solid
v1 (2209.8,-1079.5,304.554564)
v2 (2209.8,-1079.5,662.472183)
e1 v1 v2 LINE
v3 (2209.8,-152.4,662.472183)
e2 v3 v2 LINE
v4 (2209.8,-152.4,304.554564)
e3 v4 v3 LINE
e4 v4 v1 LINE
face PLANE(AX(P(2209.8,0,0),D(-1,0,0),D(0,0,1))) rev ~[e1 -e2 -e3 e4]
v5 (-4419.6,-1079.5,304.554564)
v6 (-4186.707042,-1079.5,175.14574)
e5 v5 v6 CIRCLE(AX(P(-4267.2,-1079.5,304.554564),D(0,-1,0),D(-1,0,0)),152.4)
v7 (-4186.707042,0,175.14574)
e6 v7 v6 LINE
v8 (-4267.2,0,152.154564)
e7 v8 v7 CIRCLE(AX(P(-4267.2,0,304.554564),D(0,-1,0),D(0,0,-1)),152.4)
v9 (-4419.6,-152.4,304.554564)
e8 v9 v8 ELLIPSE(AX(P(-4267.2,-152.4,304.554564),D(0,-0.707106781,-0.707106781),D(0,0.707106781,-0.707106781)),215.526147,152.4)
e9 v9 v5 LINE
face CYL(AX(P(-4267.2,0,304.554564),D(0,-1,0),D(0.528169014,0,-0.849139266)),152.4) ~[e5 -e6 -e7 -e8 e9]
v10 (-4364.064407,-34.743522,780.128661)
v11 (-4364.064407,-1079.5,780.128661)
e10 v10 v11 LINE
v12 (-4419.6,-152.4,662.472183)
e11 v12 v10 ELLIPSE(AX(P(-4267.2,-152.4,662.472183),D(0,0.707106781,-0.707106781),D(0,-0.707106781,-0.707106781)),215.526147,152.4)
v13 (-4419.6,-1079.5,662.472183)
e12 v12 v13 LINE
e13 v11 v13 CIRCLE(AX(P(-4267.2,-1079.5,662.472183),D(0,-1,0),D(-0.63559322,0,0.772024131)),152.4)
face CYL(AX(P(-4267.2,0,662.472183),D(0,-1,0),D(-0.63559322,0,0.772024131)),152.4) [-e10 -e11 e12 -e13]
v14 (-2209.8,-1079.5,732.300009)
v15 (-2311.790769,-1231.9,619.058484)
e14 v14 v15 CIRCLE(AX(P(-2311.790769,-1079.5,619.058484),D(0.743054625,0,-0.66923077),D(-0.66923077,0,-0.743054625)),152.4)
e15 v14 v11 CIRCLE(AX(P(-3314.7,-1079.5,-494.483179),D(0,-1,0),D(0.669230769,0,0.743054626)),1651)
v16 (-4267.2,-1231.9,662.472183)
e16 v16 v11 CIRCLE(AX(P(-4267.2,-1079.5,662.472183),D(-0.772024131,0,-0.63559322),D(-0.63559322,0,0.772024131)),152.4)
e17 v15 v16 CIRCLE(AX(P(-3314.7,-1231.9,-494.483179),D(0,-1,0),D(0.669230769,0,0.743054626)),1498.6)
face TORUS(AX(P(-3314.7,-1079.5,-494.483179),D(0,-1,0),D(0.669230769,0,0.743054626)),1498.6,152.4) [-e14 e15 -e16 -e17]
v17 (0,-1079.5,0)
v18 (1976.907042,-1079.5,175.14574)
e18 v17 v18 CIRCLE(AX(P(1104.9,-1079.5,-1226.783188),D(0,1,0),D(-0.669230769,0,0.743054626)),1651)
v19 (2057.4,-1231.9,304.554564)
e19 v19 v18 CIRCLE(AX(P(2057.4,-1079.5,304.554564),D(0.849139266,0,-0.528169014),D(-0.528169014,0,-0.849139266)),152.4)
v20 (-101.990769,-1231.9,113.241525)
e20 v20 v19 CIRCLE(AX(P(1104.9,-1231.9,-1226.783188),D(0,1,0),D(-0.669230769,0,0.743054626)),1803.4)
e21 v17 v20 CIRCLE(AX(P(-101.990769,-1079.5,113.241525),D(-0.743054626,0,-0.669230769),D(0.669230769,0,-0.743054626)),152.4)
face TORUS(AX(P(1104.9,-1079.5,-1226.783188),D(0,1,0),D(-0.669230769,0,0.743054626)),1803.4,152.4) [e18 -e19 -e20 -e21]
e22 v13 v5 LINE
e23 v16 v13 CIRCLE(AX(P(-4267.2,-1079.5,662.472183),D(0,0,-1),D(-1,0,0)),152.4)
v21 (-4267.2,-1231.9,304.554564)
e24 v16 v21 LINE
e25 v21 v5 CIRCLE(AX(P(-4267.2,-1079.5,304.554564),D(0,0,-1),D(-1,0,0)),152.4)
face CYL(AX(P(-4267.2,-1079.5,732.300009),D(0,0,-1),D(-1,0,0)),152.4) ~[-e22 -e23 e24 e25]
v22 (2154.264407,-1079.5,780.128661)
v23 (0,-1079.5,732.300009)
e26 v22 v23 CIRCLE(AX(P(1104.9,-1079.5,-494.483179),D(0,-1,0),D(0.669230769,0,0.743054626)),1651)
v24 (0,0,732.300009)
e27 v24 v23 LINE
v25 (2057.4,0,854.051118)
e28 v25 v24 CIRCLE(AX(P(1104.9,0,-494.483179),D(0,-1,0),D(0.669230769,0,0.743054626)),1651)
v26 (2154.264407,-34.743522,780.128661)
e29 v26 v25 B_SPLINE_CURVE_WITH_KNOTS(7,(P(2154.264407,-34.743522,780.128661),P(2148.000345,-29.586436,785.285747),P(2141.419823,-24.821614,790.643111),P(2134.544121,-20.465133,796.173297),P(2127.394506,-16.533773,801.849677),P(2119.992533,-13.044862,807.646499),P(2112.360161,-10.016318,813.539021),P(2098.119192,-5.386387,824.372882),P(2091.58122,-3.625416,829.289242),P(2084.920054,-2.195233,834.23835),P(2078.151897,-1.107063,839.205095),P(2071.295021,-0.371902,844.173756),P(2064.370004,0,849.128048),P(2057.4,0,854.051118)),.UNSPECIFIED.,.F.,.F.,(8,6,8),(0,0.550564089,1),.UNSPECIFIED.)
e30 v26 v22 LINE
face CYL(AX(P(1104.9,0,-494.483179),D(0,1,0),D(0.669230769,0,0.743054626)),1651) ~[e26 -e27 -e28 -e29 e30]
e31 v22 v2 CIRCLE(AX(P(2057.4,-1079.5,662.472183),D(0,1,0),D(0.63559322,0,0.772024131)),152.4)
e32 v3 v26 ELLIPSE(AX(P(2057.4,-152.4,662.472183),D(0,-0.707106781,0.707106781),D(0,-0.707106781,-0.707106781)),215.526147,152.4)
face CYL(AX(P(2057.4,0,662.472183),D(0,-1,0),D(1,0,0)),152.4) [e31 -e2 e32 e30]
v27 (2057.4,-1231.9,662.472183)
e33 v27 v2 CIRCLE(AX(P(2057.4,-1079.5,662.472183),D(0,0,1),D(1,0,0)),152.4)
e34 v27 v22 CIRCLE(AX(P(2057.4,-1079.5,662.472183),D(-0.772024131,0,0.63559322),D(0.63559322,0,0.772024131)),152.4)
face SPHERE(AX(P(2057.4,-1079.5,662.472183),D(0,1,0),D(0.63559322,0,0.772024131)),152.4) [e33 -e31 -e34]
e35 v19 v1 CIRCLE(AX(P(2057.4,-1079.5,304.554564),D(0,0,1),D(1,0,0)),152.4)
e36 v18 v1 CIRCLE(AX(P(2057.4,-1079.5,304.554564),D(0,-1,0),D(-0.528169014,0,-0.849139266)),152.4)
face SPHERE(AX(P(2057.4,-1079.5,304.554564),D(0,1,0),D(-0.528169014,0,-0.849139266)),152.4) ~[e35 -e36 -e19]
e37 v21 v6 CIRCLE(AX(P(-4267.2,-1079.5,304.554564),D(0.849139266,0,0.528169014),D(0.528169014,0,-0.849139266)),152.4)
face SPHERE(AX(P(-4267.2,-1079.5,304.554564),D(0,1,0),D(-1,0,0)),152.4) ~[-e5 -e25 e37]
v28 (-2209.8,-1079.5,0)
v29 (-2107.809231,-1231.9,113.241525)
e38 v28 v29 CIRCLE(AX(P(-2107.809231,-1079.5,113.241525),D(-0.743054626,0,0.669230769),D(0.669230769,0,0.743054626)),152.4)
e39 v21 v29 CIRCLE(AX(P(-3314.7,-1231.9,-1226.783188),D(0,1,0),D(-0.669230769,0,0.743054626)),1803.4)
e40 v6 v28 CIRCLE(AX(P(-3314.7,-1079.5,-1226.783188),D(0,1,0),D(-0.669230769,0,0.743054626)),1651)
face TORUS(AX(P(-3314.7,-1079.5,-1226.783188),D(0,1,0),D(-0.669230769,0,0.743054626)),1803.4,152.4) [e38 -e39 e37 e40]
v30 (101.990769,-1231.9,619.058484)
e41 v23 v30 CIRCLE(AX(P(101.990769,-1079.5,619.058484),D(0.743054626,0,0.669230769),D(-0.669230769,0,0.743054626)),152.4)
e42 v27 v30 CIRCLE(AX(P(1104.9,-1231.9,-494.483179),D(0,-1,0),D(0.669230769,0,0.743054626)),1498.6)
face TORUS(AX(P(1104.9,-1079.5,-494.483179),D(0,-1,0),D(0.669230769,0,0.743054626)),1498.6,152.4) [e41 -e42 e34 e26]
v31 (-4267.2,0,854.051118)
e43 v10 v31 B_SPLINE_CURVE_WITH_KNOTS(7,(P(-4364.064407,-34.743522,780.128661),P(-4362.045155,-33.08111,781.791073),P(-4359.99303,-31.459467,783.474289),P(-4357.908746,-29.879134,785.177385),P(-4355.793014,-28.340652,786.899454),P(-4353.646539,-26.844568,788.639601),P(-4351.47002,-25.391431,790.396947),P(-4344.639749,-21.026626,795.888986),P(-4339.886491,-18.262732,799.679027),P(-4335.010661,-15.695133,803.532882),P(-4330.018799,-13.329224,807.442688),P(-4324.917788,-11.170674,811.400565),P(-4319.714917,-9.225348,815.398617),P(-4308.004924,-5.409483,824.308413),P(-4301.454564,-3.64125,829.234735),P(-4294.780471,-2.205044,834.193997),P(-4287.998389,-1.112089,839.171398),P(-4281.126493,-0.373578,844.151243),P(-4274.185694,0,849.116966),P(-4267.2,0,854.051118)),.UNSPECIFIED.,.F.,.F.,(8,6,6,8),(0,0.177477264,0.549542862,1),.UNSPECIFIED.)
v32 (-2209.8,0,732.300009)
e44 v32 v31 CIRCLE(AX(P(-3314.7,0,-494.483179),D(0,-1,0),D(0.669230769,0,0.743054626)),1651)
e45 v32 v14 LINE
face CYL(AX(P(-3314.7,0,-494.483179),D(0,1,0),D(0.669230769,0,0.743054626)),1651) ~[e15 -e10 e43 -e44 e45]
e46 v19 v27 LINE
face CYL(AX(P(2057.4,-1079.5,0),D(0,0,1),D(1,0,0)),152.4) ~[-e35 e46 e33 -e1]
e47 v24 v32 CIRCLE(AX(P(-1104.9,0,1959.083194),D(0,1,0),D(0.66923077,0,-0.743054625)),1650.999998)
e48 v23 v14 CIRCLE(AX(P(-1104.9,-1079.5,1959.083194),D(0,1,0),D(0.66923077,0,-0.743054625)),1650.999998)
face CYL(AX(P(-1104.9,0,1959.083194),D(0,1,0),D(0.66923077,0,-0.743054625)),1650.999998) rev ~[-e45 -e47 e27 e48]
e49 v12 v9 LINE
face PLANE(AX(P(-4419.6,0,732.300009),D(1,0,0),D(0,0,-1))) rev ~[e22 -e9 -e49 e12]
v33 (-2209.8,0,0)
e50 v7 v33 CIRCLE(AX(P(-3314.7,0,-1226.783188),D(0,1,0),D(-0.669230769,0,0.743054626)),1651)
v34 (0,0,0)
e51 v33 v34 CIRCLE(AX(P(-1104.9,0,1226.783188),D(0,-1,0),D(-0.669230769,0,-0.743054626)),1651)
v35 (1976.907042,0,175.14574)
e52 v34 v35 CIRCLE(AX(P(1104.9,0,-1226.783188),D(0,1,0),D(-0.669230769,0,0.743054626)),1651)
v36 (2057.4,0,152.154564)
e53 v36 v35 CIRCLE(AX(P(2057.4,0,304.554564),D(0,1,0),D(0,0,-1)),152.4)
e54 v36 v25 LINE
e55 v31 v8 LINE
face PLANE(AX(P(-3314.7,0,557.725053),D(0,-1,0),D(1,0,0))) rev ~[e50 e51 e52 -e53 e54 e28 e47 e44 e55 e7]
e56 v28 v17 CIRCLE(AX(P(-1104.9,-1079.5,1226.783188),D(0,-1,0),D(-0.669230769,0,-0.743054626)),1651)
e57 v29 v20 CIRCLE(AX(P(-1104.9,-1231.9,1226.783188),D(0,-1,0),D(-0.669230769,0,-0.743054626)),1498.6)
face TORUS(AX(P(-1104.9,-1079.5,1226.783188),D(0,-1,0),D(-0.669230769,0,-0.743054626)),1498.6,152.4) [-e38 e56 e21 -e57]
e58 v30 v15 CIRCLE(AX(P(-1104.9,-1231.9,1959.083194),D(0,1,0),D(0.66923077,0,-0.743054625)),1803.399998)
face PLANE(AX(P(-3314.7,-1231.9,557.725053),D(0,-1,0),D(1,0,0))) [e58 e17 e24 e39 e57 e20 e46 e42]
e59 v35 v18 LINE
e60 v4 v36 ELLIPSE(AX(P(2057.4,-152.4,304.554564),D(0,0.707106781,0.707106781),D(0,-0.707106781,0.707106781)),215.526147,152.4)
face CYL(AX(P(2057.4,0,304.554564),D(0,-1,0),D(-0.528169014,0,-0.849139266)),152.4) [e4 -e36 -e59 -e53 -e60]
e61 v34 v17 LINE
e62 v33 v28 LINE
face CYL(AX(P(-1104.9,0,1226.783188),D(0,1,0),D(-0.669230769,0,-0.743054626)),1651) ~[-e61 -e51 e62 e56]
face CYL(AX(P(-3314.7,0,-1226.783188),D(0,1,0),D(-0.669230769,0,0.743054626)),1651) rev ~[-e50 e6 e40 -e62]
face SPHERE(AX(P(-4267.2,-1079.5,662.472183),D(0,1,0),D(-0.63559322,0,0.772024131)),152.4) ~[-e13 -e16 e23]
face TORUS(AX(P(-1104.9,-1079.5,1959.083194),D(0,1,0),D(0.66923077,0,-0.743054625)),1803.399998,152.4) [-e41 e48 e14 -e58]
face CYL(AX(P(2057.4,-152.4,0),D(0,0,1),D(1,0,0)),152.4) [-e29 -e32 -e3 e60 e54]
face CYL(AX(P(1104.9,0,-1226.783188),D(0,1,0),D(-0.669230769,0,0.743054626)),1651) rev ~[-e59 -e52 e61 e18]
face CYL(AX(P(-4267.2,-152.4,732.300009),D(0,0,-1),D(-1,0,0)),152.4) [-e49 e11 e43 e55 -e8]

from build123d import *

# Parameters (mm, degrees)
F1_DEPTH = 1231.9
F2_R     = 152.4


with BuildPart() as f1:
    # F0 (on Front) → F1 (new body)
    with BuildSketch(Plane.XZ):
        with BuildLine():
            ThreePointArc((-4419.6, 0), (-3314.7, 424.216812), (-2209.8, 0))
            Line((-2209.8, 0), (-2209.8, 732.300009))
            ThreePointArc((-2209.8, 732.300009), (-3314.7, 1156.516821), (-4419.6, 732.300009))
            Line((-4419.6, 732.300009), (-4419.6, 0))
        make_face()
        with BuildLine():
            Line((-2209.8, 0), (0, 0))
            Line((0, 0), (0, 732.300009))
            ThreePointArc((0, 732.300009), (-1104.9, 308.083196), (-2209.8, 732.300009))
            Line((-2209.8, 732.300009), (-2209.8, 0))
        make_face()
        with BuildLine():
            ThreePointArc((-2209.8, 0), (-1104.9, -424.216812), (0, 0))
            Line((0, 0), (-2209.8, 0))
        make_face()
        with BuildLine():
            Line((0, 732.300009), (0, 0))
            ThreePointArc((0, 0), (1104.9, 424.216812), (2209.8, 0))
            Line((2209.8, 0), (2209.8, 732.300009))
            ThreePointArc((2209.8, 732.300009), (1104.9, 1156.516821), (0, 732.300009))
        make_face()
    extrude(amount=F1_DEPTH)

    # F2
    f2_edges = [f1.edges().sort_by_distance(p)[0] for p in [
        (-3314.7, -1231.9, 1156.516821),
        (-4419.6, -1231.9, 366.150004),
        (-3314.7, -1231.9, 424.216812),
        (-1104.9, -1231.9, -424.216812),
        (1104.9, -1231.9, 424.216812),
        (2209.8, -1231.9, 366.150004),
        (1104.9, -1231.9, 1156.516821),
        (-1104.9, -1231.9, 308.083196),
        (2209.8, -615.95, 0),
        (2209.8, -615.95, 732.300009),
        (2209.8, 0, 366.150004),
        (-4419.6, -615.95, 732.300009),
        (-4419.6, -615.95, 0),
        (-4419.6, 0, 366.150004),
    ]]
    fillet(f2_edges, radius=F2_R)


solid = f1.part
